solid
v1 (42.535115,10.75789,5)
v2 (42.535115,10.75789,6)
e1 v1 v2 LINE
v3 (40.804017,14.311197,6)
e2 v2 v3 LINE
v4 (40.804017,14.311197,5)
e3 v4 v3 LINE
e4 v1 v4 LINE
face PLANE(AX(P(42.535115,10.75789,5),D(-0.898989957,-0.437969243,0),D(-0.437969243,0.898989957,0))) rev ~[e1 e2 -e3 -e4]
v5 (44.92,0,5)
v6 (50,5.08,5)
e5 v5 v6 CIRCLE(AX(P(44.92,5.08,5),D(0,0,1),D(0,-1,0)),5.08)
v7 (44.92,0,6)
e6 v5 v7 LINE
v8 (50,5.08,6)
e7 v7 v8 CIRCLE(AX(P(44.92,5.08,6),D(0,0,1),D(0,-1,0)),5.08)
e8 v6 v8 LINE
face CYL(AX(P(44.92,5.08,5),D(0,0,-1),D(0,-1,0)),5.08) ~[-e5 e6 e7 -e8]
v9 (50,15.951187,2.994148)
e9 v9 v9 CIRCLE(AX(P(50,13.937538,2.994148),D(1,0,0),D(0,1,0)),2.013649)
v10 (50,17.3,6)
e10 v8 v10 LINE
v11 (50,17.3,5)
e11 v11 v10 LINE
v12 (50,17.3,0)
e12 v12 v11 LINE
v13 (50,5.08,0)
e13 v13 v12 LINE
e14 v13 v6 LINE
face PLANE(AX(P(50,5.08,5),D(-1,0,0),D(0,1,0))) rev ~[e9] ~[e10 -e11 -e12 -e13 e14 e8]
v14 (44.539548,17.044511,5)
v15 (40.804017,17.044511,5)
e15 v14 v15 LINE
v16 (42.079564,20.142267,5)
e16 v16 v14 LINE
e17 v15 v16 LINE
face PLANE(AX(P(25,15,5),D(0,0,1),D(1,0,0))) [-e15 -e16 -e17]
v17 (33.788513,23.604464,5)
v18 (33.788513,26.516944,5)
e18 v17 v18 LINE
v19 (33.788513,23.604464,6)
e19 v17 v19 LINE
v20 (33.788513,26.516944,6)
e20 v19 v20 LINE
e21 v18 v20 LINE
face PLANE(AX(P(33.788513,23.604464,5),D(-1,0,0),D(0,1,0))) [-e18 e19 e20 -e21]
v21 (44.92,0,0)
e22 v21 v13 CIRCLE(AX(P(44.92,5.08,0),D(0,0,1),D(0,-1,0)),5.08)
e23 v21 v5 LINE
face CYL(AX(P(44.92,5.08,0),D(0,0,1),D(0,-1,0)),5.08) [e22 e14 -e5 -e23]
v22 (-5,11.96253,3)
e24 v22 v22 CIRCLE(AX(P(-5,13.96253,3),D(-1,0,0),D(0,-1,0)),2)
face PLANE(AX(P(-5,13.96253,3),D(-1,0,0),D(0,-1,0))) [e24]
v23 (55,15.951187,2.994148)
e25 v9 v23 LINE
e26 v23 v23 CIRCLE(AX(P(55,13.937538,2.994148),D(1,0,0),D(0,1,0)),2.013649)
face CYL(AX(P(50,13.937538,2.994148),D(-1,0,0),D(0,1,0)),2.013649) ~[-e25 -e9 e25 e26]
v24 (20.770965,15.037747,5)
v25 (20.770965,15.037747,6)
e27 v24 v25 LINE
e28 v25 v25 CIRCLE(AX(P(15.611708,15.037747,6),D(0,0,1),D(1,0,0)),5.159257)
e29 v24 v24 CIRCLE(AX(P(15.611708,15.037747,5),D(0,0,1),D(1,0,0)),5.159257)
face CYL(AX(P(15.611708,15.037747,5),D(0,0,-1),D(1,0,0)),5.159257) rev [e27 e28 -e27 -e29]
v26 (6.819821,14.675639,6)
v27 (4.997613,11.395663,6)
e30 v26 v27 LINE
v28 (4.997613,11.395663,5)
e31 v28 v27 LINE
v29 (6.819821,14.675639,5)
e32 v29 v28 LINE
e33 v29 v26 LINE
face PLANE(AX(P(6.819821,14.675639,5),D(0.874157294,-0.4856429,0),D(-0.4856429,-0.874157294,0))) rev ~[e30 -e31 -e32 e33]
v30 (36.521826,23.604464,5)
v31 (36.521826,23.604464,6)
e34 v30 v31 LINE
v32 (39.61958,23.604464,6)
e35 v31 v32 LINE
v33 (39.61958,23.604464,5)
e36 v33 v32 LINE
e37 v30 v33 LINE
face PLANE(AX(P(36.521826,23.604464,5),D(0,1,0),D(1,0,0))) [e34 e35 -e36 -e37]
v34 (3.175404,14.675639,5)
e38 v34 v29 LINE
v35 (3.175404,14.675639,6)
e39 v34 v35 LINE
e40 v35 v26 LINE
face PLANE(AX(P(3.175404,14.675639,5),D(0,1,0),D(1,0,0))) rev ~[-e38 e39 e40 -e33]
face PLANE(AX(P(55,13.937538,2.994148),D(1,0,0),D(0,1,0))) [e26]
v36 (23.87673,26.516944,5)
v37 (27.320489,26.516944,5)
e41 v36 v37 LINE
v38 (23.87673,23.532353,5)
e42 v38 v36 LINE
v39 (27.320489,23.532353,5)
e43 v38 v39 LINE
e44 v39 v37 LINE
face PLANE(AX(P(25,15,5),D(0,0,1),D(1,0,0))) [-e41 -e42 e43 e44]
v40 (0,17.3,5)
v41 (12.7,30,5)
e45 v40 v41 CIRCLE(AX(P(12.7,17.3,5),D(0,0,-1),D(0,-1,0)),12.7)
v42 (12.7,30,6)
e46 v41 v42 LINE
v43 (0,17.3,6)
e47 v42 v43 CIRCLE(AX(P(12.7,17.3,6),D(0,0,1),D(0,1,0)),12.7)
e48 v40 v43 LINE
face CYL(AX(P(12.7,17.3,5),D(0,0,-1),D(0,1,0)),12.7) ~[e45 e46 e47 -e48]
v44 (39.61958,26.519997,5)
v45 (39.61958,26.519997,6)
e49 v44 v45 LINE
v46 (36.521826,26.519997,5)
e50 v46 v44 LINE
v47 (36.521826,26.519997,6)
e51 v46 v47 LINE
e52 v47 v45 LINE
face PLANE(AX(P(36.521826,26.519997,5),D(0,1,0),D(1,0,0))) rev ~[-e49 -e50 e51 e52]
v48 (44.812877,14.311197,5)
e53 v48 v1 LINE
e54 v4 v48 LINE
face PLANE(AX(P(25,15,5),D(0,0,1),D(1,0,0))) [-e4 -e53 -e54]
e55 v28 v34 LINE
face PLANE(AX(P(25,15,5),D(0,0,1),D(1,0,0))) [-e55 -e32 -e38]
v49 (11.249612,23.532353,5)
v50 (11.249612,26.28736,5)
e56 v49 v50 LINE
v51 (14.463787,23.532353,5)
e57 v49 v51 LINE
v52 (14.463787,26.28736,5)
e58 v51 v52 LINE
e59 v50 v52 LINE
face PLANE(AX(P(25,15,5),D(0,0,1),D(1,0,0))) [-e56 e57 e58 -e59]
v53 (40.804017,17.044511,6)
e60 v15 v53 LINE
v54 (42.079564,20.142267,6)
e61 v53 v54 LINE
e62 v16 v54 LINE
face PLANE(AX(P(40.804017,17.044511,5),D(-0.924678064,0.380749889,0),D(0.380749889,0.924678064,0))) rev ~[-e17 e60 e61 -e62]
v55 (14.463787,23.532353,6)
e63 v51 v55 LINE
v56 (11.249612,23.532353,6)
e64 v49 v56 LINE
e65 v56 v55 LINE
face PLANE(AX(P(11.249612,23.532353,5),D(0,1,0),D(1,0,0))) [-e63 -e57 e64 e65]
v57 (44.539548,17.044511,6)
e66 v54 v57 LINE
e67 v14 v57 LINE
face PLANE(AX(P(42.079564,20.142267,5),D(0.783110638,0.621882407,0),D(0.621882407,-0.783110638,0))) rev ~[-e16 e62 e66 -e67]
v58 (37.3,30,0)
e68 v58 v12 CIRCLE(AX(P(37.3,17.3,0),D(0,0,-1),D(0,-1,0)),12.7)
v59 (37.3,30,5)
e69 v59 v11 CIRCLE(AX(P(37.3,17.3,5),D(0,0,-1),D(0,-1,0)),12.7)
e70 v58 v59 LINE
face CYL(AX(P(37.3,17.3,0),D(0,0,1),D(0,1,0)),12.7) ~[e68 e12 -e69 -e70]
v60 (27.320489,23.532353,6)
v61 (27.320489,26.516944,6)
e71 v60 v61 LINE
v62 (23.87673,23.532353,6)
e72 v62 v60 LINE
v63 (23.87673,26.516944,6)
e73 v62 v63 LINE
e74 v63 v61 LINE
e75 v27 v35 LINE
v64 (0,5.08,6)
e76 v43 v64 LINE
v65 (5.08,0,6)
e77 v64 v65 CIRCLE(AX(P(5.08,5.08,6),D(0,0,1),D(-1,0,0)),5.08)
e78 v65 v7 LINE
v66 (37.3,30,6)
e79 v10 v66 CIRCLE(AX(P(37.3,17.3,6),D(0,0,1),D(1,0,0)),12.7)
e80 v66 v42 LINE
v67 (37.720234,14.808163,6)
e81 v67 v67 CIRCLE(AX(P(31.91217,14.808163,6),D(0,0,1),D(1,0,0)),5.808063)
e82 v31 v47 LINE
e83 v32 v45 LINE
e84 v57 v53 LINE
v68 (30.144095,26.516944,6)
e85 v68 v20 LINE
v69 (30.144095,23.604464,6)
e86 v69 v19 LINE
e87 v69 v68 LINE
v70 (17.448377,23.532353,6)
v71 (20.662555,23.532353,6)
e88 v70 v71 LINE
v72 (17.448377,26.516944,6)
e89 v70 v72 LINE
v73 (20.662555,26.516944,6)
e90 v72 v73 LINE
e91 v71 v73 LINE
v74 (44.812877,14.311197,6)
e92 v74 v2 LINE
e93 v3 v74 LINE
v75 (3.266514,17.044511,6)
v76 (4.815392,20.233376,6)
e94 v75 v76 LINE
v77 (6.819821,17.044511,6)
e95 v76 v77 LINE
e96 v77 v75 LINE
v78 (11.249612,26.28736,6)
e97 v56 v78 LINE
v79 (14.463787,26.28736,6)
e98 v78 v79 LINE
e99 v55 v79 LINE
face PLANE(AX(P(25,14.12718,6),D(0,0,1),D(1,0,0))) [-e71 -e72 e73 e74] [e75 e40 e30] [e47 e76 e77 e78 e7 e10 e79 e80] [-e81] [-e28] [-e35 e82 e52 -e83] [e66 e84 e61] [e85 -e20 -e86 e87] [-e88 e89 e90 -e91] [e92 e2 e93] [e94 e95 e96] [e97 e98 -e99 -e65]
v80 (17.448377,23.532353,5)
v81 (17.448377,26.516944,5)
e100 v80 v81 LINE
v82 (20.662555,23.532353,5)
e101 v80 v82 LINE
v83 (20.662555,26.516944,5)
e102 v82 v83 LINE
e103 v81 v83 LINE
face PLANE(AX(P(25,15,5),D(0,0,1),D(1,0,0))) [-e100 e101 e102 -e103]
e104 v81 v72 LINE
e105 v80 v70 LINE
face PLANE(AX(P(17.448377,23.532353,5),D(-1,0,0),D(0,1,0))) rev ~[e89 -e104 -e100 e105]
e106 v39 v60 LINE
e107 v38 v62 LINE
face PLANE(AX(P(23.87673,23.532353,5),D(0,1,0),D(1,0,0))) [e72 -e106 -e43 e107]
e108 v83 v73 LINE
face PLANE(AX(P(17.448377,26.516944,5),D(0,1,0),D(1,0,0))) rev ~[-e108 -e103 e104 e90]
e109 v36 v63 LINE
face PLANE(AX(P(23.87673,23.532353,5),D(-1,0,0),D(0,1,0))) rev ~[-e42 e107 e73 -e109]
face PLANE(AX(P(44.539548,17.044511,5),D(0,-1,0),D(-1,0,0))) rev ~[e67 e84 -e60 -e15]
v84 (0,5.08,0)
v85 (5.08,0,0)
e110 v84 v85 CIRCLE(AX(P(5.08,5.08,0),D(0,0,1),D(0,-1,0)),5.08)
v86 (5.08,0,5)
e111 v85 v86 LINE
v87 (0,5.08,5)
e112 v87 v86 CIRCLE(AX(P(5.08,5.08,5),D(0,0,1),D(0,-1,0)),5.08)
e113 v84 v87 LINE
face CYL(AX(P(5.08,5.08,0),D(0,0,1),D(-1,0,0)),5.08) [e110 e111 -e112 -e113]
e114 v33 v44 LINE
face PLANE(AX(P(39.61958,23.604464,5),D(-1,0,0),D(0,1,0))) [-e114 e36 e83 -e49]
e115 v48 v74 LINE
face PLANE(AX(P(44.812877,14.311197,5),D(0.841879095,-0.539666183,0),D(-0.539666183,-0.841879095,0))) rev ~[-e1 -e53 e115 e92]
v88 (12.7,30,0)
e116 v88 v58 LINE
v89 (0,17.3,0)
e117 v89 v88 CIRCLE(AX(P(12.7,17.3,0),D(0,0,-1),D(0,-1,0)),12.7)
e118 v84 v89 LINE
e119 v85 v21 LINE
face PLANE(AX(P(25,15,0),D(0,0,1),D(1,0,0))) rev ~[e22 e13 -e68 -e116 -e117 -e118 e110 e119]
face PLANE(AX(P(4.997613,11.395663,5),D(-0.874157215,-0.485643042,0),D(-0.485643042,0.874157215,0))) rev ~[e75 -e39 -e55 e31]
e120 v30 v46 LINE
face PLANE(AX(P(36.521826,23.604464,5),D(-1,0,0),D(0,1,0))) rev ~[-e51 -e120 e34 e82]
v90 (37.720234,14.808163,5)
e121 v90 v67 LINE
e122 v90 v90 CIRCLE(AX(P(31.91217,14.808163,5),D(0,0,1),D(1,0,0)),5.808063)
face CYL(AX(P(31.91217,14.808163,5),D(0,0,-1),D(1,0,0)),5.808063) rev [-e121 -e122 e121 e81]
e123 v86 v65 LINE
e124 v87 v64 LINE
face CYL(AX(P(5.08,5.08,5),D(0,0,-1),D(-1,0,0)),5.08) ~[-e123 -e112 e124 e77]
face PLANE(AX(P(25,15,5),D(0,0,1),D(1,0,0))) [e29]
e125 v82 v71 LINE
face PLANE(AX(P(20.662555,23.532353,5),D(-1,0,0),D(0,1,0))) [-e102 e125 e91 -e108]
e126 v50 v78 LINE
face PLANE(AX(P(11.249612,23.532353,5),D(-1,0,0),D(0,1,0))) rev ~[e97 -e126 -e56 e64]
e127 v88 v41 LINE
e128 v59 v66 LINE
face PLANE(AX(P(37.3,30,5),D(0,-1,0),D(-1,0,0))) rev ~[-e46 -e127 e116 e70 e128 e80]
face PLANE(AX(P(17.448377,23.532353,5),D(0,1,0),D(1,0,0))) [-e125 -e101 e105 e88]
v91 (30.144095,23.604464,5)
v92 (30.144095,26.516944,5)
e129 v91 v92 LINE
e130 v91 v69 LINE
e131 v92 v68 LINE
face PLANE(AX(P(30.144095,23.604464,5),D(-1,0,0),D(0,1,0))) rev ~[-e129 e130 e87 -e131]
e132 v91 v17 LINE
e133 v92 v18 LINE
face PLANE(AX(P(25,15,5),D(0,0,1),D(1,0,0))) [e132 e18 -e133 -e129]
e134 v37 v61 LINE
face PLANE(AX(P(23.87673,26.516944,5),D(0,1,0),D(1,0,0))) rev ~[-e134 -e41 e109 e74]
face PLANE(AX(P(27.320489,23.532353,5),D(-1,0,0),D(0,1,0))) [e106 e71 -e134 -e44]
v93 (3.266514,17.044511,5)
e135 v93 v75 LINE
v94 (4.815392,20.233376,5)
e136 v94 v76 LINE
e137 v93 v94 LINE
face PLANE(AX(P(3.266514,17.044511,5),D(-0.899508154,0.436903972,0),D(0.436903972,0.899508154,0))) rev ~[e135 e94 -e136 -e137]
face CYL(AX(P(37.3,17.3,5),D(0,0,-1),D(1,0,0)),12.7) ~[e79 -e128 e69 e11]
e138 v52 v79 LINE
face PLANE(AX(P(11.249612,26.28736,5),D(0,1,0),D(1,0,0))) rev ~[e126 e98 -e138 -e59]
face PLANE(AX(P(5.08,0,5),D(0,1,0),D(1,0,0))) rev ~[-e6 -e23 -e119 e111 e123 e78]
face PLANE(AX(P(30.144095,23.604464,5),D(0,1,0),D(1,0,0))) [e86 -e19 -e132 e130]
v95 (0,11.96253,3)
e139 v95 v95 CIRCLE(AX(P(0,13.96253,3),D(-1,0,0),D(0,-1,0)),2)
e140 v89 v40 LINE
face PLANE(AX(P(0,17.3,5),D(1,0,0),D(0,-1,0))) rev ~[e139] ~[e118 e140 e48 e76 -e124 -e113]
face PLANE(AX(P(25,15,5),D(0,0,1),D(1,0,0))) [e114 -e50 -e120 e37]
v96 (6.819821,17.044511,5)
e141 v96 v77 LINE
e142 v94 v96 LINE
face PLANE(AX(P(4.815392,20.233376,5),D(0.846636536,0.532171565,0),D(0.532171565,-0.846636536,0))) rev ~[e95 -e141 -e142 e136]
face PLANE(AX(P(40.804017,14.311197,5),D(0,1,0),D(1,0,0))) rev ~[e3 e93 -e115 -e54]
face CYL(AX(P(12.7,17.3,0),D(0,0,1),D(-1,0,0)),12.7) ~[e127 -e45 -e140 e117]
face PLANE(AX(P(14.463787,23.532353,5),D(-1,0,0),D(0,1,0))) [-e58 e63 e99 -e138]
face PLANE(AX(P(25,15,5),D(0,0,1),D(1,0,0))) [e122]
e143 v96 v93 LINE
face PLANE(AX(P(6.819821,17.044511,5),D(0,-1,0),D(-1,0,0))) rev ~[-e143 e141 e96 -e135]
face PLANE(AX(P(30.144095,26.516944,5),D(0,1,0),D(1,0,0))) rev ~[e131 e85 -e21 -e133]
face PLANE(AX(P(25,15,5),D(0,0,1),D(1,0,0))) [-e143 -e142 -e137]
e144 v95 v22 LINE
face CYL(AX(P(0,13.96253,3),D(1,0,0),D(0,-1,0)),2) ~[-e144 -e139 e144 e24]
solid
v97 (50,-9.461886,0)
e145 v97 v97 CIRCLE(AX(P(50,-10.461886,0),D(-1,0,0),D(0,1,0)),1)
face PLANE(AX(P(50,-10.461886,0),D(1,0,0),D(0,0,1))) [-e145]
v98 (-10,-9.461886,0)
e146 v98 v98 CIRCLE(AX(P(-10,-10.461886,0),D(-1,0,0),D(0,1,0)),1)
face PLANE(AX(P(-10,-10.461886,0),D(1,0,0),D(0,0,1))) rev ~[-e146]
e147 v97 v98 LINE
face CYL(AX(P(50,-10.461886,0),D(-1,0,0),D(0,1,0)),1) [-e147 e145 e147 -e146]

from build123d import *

# Parameters (mm, degrees)
F0_W      = 50
F0_H      = 30
F1_DEPTH  = 5
F2_R      = 12.7
F3_R      = 12.7
F4_R      = 5.08
F5_R      = 5.08
F6_R      = 5.8080634673
F6_R_2    = 5.159256853
F6_W      = 3.2141748816
F6_H      = 2.7550067753
F6_W_2    = 3.2141786069
F6_H_2    = 2.9845908284
F6_W_3    = 3.4437589347
F6_W_4    = 3.6444179714
F6_H_3    = 2.9124803841
F6_W_5    = 3.0977539718
F6_H_4    = 2.9155332595
F7_DEPTH  = 1
F8_R      = 2
F9_DEPTH  = 5
F11_R     = 2.0136494007
F12_DEPTH = 5
F13_R     = 1


with BuildPart() as f1:
    # F0 (on Top) → F1 (new body)
    with BuildSketch(Plane.XY):
        with Locations((25, 15)):
            Rectangle(F0_W, F0_H)
    extrude(amount=F1_DEPTH)

    # F2
    f2_edges = [f1.edges().sort_by_distance(p)[0] for p in [
        (0, 30, 2.5),
    ]]
    fillet(f2_edges, radius=F2_R)

    # F3
    f3_edges = [f1.edges().sort_by_distance(p)[0] for p in [
        (50, 30, 2.5),
    ]]
    fillet(f3_edges, radius=F3_R)

    # F4
    f4_edges = [f1.edges().sort_by_distance(p)[0] for p in [
        (0, 0, 2.5),
    ]]
    fillet(f4_edges, radius=F4_R)

    # F5
    f5_edges = [f1.edges().sort_by_distance(p)[0] for p in [
        (50, 0, 2.5),
    ]]
    fillet(f5_edges, radius=F5_R)

    # F6 (on face) → F7 (join)
    with BuildSketch(Plane.XY.offset(5)):
        with BuildLine():
            ThreePointArc((0, 5.08), (1.4878975516, 1.4878975516), (5.08, 0))
            Line((5.08, 0), (44.92, 0))
            ThreePointArc((44.92, 0), (48.5121024484, 1.4878975516), (50, 5.08))
            Line((50, 5.08), (50, 17.3))
            ThreePointArc((50, 17.3), (46.2802561211, 26.2802561211), (37.3, 30))
            Line((37.3, 30), (12.7, 30))
            ThreePointArc((12.7, 30), (3.7197438789, 26.2802561211), (0, 17.3))
            Line((0, 17.3), (0, 5.08))
        make_face()
        Polygon((4.9976129085, 11.395663023), (3.17540369, 14.6756386384), (6.8198214285, 14.6756386384), align=None, mode=Mode.SUBTRACT)
        with Locations((31.9121703506, 14.8081630468)):
            Circle(F6_R, mode=Mode.SUBTRACT)
        Polygon((42.5351150334, 10.7578895986), (40.8040173352, 14.3111972138), (44.8128767312, 14.3111972138), align=None, mode=Mode.SUBTRACT)
        Polygon((3.2665142789, 17.0445106924), (4.8153917305, 20.2333759516), (6.8198214285, 17.0445106924), align=None, mode=Mode.SUBTRACT)
        with Locations((15.6117081642, 15.0377471)):
            Circle(F6_R_2, mode=Mode.SUBTRACT)
        with Locations((12.8566995263, 24.9098567292)):
            Rectangle(F6_W, F6_H, mode=Mode.SUBTRACT)
        with Locations((19.0554661676, 25.0246487558)):
            Rectangle(F6_W_2, F6_H_2, mode=Mode.SUBTRACT)
        Polygon((44.5395484567, 17.0445106924), (40.8040173352, 17.0445106924), (42.079564184, 20.1422665268), align=None, mode=Mode.SUBTRACT)
        with Locations((25.59860982, 25.0246487558)):
            Rectangle(F6_W_3, F6_H_2, mode=Mode.SUBTRACT)
        with Locations((31.9663044065, 25.0607039779)):
            Rectangle(F6_W_4, F6_H_3, mode=Mode.SUBTRACT)
        with Locations((38.0707029253, 25.0622304156)):
            Rectangle(F6_W_5, F6_H_4, mode=Mode.SUBTRACT)
    extrude(amount=F7_DEPTH)

    # F8 (on face) → F9 (join)
    with BuildSketch(Plane(origin=(0, 0, 0), x_dir=(0, -1, 0), z_dir=(-1, 0, 0))):
        with Locations((-13.9625295997, 3)):
            Circle(F8_R)
    extrude(amount=F9_DEPTH)

    # F11 (on offset) → F12 (join)
    with BuildSketch(Plane.YZ.offset(50)):
        with Locations((13.9375375584, 2.9941480607)):
            Circle(F11_R)
    extrude(amount=F12_DEPTH)


with BuildPart() as f15:
    # F15: sweep along a path in F14
    with BuildLine(Plane.XY) as f15_path:
        Line((49.9296188354, -10.4407463223), (-10.0703811646, -10.4407463223))
    # F13 (on offset) → F15 (sweep)
    with BuildSketch(Plane.YZ.offset(50)):
        with Locations((-10.4618860946, 0)):
            Circle(F13_R)
    sweep(path=f15_path.line)


solid = Compound([f1.part, f15.part])
